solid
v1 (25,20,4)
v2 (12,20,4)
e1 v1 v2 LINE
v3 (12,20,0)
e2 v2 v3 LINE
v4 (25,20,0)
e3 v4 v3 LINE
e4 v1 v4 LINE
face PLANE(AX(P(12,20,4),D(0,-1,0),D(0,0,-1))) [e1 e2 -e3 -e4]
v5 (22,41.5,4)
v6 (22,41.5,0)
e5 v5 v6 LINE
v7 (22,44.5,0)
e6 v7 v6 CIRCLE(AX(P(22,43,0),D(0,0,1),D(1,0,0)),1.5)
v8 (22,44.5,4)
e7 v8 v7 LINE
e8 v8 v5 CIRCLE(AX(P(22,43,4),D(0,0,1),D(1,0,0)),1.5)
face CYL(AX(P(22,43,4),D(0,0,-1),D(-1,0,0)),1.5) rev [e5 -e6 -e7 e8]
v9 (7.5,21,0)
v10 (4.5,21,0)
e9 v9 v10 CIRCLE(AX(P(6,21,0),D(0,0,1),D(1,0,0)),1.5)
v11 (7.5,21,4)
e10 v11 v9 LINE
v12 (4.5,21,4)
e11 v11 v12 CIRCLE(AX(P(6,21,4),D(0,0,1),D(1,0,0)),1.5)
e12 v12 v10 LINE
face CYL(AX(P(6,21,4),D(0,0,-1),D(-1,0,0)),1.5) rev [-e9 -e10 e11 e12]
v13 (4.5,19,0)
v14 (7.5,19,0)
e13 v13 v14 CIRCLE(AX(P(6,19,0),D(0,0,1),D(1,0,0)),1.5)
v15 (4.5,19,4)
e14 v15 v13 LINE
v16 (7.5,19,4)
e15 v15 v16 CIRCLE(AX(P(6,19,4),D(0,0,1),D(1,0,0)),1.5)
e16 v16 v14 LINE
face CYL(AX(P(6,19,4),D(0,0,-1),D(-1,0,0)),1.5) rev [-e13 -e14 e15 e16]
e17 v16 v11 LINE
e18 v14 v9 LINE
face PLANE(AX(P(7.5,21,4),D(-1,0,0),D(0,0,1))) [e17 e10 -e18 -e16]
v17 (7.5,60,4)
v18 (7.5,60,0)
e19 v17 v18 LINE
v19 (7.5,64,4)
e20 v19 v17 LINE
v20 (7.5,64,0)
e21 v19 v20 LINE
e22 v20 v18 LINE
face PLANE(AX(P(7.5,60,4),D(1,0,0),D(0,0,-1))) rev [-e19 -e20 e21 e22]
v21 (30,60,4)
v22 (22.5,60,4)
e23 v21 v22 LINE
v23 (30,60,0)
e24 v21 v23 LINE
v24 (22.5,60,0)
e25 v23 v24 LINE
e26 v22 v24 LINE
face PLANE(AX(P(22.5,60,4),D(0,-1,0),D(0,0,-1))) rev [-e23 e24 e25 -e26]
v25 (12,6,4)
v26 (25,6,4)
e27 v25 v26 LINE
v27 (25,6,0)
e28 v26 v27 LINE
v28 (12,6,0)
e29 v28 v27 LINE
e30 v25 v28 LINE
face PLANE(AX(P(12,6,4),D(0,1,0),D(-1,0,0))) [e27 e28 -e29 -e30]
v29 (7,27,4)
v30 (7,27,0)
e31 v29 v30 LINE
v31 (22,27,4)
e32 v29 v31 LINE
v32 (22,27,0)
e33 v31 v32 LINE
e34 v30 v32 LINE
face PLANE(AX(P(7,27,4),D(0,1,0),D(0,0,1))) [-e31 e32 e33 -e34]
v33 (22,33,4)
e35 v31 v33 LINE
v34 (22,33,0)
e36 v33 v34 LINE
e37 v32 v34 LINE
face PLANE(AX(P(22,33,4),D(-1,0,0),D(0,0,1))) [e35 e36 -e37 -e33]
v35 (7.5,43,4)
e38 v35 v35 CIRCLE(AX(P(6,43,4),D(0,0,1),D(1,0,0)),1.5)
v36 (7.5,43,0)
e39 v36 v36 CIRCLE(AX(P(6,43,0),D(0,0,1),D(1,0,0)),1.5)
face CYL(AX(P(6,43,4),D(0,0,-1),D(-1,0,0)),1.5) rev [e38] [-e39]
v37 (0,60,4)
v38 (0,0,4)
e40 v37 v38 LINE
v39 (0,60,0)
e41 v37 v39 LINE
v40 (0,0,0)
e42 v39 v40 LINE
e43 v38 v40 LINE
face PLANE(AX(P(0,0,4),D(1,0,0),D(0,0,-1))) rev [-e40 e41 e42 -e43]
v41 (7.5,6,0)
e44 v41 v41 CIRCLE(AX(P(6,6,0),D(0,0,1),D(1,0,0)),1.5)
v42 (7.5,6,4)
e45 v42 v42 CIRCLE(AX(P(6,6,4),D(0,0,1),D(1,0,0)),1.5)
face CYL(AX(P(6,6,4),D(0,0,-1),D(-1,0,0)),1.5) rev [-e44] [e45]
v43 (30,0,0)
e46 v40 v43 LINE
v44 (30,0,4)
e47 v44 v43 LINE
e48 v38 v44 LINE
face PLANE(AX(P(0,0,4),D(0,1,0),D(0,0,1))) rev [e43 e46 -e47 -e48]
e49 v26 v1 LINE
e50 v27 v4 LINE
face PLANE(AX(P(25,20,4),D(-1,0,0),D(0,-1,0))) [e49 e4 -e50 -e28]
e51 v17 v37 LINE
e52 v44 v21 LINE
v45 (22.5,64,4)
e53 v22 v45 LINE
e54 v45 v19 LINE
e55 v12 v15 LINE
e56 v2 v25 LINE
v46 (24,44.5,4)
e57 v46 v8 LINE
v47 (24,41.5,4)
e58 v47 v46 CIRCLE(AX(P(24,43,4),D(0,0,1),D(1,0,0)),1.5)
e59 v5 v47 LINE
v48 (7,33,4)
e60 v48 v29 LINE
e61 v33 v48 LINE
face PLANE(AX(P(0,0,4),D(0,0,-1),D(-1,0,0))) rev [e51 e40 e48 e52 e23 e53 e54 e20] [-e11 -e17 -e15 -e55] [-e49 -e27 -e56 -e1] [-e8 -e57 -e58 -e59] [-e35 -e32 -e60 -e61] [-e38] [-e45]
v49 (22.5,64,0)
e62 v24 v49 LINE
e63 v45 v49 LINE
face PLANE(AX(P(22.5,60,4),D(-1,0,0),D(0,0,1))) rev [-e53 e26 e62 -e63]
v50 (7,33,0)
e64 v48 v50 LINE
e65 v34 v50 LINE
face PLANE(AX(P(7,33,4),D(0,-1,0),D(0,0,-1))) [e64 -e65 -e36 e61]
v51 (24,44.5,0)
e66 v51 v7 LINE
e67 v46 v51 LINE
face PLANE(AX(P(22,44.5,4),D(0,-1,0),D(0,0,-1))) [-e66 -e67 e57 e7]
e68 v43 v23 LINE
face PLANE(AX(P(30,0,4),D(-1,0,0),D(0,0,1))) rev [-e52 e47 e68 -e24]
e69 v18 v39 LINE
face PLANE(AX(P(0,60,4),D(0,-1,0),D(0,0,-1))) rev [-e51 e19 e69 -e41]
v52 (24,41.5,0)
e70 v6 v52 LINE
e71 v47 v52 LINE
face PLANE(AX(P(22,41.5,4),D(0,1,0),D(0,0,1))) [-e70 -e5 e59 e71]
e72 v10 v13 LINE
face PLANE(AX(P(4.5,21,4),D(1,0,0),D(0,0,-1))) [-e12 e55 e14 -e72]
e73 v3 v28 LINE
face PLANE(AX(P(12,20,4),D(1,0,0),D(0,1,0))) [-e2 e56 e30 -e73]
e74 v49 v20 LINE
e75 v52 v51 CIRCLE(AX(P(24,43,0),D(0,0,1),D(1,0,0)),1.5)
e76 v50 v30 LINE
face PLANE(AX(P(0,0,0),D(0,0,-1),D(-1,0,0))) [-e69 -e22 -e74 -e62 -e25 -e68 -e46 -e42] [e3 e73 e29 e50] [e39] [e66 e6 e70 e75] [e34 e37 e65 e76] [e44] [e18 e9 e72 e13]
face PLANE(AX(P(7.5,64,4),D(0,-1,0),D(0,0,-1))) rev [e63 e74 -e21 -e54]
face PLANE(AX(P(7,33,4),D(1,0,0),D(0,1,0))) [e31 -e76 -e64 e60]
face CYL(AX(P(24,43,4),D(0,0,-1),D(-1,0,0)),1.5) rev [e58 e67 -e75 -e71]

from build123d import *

# Parameters (mm, degrees)
SKETCH1_R           = 1.5
SKETCH1_W           = 13
SKETCH1_H           = 14
SKETCH1_W_2         = 15
SKETCH1_H_2         = 6
BOSS_EXTRUDE1_DEPTH = 4


with BuildPart() as part:
    # Sketch1 → Boss-Extrude1 (new body)
    with BuildSketch(Plane.XY):
        Polygon((0, 0), (30, 0), (30, 60), (22.5, 60), (22.5, 64), (7.5, 64), (7.5, 60), (0, 60), align=None)
        with Locations((6, 6)):
            Circle(SKETCH1_R, mode=Mode.SUBTRACT)
        with Locations((6, 43)):
            Circle(SKETCH1_R, mode=Mode.SUBTRACT)
        with Locations((18.5, 13)):
            Rectangle(SKETCH1_W, SKETCH1_H, mode=Mode.SUBTRACT)
        with Locations((14.5, 30)):
            Rectangle(SKETCH1_W_2, SKETCH1_H_2, mode=Mode.SUBTRACT)
        with BuildLine():
            Line((7.5, 21), (7.5, 19))
            ThreePointArc((7.5, 19), (6, 17.5), (4.5, 19))
            Line((4.5, 19), (4.5, 21))
            ThreePointArc((4.5, 21), (6, 22.5), (7.5, 21))
        make_face(mode=Mode.SUBTRACT)
        with BuildLine():
            Line((22, 44.5), (24, 44.5))
            ThreePointArc((24, 44.5), (25.5, 43), (24, 41.5))
            Line((24, 41.5), (22, 41.5))
            ThreePointArc((22, 41.5), (20.5, 43), (22, 44.5))
        make_face(mode=Mode.SUBTRACT)
    extrude(amount=BOSS_EXTRUDE1_DEPTH)


solid = part.part
